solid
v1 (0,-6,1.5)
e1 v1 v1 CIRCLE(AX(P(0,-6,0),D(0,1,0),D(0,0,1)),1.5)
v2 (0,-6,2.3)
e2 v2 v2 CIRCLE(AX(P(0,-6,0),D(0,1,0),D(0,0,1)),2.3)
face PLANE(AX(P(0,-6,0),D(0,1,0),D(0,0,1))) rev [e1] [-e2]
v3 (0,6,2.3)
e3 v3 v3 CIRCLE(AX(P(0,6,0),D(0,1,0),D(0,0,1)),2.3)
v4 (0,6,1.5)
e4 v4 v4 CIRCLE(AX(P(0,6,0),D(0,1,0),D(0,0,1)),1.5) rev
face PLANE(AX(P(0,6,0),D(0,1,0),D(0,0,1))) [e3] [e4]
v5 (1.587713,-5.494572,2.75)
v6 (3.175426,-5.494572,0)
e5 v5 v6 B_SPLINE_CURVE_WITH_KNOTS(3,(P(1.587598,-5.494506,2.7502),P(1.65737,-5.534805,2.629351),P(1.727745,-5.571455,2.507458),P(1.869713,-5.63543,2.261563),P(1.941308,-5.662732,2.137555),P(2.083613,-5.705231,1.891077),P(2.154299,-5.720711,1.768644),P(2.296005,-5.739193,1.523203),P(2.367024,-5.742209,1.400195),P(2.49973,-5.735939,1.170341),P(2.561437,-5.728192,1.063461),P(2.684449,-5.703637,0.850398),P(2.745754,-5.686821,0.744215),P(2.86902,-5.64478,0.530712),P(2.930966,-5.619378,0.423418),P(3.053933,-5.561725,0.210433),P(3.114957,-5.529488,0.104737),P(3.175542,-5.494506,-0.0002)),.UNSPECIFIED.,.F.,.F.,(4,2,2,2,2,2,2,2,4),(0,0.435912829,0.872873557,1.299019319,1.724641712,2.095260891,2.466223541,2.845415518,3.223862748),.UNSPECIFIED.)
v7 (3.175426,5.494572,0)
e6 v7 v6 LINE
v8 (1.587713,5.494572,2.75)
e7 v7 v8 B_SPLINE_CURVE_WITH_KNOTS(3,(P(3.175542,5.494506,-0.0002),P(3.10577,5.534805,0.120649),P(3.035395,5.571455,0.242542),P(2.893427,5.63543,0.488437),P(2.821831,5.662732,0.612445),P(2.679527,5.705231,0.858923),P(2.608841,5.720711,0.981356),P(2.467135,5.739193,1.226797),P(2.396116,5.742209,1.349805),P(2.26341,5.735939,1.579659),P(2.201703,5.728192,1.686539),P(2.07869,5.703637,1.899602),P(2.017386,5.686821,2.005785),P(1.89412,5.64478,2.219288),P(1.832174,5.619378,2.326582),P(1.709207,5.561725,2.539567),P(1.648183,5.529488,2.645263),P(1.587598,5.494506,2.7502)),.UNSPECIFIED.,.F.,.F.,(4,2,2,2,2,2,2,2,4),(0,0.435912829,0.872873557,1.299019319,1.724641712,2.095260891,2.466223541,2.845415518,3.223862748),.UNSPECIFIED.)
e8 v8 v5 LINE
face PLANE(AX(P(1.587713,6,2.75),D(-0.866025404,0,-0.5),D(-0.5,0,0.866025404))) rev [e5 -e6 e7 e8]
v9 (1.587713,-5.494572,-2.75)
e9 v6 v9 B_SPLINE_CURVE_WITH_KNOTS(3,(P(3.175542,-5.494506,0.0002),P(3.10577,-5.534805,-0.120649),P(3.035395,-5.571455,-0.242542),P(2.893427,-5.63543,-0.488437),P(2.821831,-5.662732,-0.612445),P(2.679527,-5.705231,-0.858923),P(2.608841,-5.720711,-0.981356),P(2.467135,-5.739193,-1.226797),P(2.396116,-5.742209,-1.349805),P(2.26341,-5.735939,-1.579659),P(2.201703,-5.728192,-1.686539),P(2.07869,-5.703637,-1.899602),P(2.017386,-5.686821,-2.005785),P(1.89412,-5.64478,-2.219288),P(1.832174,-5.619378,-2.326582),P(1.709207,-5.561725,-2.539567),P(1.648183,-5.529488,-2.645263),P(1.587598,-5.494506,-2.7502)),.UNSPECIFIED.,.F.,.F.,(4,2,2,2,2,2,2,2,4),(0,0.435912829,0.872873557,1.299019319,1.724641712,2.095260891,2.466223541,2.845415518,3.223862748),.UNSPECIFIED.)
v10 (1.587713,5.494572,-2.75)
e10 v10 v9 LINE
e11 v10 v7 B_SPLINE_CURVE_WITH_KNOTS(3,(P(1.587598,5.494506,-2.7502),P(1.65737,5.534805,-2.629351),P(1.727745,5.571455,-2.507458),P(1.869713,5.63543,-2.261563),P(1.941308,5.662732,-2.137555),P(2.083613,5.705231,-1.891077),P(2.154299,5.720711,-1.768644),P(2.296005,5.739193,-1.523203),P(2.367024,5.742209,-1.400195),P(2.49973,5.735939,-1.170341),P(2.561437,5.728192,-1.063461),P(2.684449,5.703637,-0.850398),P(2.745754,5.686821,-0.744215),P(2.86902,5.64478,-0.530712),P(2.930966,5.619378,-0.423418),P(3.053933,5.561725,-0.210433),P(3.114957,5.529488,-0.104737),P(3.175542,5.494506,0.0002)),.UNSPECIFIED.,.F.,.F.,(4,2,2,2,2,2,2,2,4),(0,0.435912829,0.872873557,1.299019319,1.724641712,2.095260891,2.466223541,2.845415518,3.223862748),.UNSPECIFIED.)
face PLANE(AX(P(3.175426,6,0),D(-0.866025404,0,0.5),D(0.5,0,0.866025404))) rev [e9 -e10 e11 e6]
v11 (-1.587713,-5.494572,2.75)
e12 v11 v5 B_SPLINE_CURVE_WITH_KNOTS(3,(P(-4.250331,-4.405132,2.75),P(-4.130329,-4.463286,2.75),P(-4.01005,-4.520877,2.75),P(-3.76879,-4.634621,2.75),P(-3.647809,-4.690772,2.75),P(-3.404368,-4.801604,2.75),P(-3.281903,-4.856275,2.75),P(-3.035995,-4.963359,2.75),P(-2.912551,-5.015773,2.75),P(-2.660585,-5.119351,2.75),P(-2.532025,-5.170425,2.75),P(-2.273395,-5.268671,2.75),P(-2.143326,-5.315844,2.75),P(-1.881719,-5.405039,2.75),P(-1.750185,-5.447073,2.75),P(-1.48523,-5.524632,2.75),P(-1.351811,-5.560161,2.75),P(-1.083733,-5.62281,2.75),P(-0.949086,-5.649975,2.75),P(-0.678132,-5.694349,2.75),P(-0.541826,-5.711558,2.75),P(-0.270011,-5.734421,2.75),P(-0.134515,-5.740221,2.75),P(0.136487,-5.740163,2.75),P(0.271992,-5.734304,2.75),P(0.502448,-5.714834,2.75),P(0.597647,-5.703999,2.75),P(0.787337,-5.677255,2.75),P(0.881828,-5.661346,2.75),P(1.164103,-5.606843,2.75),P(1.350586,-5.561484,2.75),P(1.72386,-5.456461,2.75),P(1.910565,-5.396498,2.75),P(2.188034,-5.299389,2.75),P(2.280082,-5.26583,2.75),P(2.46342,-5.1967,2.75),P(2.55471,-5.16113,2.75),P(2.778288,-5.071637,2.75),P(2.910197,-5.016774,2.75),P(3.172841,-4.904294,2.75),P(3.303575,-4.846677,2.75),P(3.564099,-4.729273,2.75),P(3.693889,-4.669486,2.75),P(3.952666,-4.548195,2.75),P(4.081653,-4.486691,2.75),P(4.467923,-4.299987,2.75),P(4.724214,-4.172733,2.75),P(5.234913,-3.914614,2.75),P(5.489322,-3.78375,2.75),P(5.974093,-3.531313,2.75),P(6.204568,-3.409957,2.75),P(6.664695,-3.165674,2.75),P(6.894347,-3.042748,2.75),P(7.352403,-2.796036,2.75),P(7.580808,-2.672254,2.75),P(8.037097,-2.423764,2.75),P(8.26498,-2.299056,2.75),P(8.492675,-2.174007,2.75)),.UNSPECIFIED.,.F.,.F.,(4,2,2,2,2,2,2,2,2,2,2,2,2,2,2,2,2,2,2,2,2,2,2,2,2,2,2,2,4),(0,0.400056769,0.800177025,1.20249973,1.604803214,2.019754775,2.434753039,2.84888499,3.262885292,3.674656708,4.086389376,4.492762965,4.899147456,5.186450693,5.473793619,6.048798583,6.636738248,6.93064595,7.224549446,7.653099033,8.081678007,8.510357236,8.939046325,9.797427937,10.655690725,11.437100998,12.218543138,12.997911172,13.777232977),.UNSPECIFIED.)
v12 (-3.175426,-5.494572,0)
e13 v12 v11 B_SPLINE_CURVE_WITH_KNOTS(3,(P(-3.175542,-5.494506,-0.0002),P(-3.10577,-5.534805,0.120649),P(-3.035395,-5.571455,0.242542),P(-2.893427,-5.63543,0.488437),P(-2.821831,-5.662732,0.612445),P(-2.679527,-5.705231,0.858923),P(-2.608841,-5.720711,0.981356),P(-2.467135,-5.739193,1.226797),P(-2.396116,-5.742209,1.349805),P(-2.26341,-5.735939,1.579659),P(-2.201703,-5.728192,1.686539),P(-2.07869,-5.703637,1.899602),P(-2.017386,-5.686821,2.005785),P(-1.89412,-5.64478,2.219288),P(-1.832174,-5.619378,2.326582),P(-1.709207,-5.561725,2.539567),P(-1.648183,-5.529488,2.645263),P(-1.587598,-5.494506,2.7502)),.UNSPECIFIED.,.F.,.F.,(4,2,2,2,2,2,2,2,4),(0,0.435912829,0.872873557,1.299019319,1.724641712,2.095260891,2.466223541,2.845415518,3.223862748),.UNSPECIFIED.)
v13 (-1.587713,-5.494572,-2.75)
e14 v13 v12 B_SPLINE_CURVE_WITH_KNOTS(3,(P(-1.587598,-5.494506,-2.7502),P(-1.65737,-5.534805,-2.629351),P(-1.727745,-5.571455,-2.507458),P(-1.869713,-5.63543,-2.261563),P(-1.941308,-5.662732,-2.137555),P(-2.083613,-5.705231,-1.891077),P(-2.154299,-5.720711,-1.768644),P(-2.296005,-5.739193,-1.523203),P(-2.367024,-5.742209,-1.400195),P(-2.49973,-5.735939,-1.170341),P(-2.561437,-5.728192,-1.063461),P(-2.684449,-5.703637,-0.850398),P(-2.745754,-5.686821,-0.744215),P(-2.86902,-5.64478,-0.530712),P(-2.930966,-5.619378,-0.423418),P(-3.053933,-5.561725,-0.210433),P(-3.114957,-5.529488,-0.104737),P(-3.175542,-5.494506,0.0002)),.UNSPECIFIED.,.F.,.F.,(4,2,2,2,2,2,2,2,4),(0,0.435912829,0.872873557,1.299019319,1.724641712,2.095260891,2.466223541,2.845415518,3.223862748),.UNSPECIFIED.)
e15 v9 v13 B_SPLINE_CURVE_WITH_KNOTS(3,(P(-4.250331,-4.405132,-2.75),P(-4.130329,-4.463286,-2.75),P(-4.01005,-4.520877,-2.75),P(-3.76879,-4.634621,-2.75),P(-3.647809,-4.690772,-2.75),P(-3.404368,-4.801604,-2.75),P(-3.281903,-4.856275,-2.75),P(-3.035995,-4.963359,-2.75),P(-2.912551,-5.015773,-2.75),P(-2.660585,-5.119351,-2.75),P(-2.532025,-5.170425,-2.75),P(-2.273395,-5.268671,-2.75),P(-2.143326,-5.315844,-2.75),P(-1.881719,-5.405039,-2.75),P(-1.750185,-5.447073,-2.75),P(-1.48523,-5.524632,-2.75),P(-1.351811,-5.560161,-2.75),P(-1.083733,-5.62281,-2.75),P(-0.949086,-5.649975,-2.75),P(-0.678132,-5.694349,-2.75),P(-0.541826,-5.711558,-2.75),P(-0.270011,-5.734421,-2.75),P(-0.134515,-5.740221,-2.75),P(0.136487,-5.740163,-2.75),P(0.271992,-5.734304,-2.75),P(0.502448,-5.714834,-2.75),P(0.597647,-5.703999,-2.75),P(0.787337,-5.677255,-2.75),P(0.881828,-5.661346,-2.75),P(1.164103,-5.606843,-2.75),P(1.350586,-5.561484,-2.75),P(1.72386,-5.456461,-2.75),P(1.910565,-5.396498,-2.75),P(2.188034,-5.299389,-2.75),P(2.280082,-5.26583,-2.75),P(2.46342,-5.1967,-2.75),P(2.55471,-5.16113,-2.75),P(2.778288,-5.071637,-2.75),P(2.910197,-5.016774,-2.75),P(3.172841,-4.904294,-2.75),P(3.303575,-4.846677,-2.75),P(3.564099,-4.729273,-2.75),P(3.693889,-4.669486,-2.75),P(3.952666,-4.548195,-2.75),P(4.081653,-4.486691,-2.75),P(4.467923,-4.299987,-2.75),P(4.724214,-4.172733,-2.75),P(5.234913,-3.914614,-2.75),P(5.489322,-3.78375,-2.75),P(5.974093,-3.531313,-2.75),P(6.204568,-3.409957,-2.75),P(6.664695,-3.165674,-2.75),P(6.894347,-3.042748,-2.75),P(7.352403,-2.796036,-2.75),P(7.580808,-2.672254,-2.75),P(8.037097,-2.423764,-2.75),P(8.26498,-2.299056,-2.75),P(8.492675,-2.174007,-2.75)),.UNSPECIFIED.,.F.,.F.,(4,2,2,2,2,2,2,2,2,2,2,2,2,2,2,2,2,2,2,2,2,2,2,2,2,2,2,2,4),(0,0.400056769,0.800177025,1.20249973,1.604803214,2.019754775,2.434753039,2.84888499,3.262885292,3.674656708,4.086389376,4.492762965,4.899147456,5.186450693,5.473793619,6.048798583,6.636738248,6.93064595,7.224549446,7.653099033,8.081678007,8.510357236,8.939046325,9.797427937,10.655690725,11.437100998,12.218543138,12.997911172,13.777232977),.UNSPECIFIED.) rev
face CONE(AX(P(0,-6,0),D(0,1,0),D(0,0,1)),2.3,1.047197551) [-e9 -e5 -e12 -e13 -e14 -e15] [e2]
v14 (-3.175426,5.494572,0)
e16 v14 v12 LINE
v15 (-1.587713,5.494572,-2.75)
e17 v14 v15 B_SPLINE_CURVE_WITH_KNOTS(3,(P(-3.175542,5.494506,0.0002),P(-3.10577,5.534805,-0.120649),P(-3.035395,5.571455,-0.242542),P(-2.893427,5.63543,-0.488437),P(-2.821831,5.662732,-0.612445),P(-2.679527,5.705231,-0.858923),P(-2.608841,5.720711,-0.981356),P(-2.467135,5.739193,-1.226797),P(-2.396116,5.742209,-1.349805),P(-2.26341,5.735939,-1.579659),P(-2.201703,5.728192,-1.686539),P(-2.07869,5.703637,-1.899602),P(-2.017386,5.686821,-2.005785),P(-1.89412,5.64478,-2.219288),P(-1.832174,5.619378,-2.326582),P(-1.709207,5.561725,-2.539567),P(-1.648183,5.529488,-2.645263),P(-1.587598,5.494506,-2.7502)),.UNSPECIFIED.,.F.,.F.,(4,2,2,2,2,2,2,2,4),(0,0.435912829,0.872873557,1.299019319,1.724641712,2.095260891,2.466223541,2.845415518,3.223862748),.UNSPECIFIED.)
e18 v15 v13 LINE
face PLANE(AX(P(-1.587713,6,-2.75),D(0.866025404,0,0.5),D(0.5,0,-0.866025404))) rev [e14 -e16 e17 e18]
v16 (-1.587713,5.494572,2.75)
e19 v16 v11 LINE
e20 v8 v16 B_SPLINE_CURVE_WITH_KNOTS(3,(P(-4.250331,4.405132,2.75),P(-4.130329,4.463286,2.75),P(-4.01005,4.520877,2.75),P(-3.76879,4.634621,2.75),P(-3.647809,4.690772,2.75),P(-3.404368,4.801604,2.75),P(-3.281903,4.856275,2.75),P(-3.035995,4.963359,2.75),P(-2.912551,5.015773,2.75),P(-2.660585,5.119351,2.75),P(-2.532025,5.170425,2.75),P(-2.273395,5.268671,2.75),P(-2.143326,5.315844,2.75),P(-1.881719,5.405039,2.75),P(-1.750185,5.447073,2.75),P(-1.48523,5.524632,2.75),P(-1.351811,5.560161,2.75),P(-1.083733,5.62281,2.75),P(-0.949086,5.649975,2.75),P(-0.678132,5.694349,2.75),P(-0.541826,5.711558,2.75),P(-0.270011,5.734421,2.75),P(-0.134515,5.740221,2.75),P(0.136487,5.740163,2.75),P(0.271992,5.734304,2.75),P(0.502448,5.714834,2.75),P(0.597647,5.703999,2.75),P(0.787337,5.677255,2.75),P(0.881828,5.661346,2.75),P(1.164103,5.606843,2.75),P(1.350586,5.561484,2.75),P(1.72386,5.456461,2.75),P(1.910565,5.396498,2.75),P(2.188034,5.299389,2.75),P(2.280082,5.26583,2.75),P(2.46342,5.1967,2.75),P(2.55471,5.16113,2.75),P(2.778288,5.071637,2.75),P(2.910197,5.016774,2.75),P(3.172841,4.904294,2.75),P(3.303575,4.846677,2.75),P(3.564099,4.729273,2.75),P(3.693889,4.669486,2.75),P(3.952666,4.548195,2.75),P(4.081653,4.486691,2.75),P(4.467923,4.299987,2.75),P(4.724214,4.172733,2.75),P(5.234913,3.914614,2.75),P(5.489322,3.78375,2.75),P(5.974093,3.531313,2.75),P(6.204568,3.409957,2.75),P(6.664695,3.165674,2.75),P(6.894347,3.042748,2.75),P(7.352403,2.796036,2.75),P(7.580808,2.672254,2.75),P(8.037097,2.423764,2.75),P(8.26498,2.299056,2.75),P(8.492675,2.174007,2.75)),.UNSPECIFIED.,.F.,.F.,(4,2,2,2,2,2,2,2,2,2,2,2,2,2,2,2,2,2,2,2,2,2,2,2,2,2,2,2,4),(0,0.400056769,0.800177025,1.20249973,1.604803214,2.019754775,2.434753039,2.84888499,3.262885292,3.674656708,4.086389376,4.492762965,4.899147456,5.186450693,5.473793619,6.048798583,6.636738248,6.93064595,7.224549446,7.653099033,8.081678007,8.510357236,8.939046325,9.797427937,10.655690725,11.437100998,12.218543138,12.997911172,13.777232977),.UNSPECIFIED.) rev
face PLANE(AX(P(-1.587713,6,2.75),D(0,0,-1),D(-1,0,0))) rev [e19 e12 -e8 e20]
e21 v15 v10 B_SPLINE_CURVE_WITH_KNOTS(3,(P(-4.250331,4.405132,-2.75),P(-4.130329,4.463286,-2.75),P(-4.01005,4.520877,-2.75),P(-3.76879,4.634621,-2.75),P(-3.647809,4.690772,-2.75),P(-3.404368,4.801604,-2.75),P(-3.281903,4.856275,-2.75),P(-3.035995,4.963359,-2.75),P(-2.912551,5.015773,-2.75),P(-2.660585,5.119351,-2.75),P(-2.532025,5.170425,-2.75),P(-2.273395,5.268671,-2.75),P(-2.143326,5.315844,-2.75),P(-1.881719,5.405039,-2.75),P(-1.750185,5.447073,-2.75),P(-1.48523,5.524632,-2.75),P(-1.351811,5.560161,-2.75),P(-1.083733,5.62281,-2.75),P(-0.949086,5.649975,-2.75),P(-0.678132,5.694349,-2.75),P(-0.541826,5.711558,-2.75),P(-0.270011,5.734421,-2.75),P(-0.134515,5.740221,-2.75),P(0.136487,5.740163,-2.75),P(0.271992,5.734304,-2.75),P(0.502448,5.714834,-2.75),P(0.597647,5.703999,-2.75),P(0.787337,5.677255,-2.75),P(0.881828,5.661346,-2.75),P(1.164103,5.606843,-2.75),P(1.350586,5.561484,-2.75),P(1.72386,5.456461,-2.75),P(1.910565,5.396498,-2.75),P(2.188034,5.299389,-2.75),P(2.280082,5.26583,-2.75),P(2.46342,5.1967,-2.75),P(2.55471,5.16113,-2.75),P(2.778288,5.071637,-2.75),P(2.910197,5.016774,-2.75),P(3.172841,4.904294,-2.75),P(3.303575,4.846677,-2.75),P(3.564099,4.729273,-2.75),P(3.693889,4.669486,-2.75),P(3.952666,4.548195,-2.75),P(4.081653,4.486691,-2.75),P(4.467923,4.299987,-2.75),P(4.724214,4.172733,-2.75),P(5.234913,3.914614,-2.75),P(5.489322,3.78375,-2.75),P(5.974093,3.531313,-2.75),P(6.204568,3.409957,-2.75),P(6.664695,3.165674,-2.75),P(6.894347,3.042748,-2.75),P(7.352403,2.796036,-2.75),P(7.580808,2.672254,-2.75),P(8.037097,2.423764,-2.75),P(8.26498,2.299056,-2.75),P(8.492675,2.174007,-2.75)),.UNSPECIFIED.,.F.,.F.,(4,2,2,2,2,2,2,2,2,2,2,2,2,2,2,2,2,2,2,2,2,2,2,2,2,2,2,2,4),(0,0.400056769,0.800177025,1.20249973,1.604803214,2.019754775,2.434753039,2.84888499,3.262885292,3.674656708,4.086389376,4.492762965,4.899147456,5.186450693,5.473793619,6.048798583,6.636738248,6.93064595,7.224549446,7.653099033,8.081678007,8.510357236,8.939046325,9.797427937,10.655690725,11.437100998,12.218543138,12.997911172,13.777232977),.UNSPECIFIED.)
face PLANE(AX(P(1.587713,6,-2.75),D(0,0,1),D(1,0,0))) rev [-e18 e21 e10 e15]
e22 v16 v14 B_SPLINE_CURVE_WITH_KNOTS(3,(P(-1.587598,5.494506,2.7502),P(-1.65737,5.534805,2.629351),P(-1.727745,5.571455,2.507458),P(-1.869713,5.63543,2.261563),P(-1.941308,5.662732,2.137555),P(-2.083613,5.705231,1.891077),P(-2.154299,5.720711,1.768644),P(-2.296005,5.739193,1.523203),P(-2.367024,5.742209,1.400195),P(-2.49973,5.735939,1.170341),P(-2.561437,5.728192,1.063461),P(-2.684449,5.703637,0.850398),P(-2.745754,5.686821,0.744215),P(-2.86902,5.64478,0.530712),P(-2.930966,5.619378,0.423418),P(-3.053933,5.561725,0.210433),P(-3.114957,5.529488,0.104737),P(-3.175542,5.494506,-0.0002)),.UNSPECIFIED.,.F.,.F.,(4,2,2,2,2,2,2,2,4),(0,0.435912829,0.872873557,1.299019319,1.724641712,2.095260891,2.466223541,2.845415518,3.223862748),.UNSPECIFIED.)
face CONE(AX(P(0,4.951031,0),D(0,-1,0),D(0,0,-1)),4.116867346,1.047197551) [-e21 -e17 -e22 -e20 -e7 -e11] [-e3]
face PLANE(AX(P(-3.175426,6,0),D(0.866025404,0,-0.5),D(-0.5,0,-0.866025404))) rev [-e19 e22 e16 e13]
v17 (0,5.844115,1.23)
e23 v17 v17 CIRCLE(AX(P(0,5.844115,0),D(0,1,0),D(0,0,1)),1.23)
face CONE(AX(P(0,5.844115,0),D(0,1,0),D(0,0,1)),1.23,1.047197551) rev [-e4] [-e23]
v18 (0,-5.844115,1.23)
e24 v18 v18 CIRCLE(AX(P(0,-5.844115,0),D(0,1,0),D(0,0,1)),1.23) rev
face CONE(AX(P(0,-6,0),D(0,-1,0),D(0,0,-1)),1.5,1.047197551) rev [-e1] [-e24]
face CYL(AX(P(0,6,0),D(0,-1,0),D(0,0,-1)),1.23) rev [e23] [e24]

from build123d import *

# Parameters (mm, degrees)
SKIZZE2_R                       = 1.23
AUFSATZ_LINEAR_AUSTRAGEN1_DEPTH = 6
FASE1_SIZE                      = 0.27
FASE1_SIZE2                     = 0.155884573
FASE2_SIZE                      = 0.27
FASE2_SIZE2                     = 0.155884573


with BuildPart() as part:
    # Skizze2 → Aufsatz-Linear austragen1 (new, symmetric)
    with BuildSketch(Plane(origin=(0, 0, 0), x_dir=(1, 0, 0), z_dir=(0, 1, 0))):
        Polygon((3.175426481, 0), (1.58771324, 2.75), (-1.58771324, 2.75), (-3.175426481, 0), (-1.58771324, -2.75), (1.58771324, -2.75), align=None)
        with Locations(Location((0, 0, 0), (0, 0, 270))):
            Circle(SKIZZE2_R, mode=Mode.SUBTRACT)
    extrude(amount=AUFSATZ_LINEAR_AUSTRAGEN1_DEPTH, both=True)

    # Fase1
    fase1_edges = [part.edges().sort_by_distance(p)[0] for p in [
        (0, 6, -1.23),
    ]]
    fase1_side = [part.faces().sort_by_distance(p)[0] for p in [
        (2.308811699, 6, -1.332993056),
    ]]
    chamfer(fase1_edges, length=FASE1_SIZE, length2=FASE1_SIZE2, reference=fase1_side[0])

    # Fase2
    fase2_edges = [part.edges().sort_by_distance(p)[0] for p in [
        (0, -6, -1.23),
    ]]
    fase2_side = [part.faces().sort_by_distance(p)[0] for p in [
        (2.308811699, -6, -1.332993056),
    ]]
    chamfer(fase2_edges, length=FASE2_SIZE, length2=FASE2_SIZE2, reference=fase2_side[0])

    # Skizze3 → Schnitt-Rotation1 (revolve, cut)
    with BuildSketch(Plane.XY, mode=Mode.PRIVATE) as schnitt_rotation1_sk:
        Polygon((-2.3, 6), (-4.116867346, 6), (-4.116867346, 4.951031149), align=None)
        Polygon((-2.3, -6), (-4.116867346, -6), (-4.116867346, -4.951031149), align=None)
    revolve(schnitt_rotation1_sk.sketch.rotate(Axis((0, 5.844115427, 0), (0, -1, 0)), 119.99999992), axis=Axis((0, 5.844115427, 0), (0, -1, 0)), mode=Mode.SUBTRACT)


solid = part.part
